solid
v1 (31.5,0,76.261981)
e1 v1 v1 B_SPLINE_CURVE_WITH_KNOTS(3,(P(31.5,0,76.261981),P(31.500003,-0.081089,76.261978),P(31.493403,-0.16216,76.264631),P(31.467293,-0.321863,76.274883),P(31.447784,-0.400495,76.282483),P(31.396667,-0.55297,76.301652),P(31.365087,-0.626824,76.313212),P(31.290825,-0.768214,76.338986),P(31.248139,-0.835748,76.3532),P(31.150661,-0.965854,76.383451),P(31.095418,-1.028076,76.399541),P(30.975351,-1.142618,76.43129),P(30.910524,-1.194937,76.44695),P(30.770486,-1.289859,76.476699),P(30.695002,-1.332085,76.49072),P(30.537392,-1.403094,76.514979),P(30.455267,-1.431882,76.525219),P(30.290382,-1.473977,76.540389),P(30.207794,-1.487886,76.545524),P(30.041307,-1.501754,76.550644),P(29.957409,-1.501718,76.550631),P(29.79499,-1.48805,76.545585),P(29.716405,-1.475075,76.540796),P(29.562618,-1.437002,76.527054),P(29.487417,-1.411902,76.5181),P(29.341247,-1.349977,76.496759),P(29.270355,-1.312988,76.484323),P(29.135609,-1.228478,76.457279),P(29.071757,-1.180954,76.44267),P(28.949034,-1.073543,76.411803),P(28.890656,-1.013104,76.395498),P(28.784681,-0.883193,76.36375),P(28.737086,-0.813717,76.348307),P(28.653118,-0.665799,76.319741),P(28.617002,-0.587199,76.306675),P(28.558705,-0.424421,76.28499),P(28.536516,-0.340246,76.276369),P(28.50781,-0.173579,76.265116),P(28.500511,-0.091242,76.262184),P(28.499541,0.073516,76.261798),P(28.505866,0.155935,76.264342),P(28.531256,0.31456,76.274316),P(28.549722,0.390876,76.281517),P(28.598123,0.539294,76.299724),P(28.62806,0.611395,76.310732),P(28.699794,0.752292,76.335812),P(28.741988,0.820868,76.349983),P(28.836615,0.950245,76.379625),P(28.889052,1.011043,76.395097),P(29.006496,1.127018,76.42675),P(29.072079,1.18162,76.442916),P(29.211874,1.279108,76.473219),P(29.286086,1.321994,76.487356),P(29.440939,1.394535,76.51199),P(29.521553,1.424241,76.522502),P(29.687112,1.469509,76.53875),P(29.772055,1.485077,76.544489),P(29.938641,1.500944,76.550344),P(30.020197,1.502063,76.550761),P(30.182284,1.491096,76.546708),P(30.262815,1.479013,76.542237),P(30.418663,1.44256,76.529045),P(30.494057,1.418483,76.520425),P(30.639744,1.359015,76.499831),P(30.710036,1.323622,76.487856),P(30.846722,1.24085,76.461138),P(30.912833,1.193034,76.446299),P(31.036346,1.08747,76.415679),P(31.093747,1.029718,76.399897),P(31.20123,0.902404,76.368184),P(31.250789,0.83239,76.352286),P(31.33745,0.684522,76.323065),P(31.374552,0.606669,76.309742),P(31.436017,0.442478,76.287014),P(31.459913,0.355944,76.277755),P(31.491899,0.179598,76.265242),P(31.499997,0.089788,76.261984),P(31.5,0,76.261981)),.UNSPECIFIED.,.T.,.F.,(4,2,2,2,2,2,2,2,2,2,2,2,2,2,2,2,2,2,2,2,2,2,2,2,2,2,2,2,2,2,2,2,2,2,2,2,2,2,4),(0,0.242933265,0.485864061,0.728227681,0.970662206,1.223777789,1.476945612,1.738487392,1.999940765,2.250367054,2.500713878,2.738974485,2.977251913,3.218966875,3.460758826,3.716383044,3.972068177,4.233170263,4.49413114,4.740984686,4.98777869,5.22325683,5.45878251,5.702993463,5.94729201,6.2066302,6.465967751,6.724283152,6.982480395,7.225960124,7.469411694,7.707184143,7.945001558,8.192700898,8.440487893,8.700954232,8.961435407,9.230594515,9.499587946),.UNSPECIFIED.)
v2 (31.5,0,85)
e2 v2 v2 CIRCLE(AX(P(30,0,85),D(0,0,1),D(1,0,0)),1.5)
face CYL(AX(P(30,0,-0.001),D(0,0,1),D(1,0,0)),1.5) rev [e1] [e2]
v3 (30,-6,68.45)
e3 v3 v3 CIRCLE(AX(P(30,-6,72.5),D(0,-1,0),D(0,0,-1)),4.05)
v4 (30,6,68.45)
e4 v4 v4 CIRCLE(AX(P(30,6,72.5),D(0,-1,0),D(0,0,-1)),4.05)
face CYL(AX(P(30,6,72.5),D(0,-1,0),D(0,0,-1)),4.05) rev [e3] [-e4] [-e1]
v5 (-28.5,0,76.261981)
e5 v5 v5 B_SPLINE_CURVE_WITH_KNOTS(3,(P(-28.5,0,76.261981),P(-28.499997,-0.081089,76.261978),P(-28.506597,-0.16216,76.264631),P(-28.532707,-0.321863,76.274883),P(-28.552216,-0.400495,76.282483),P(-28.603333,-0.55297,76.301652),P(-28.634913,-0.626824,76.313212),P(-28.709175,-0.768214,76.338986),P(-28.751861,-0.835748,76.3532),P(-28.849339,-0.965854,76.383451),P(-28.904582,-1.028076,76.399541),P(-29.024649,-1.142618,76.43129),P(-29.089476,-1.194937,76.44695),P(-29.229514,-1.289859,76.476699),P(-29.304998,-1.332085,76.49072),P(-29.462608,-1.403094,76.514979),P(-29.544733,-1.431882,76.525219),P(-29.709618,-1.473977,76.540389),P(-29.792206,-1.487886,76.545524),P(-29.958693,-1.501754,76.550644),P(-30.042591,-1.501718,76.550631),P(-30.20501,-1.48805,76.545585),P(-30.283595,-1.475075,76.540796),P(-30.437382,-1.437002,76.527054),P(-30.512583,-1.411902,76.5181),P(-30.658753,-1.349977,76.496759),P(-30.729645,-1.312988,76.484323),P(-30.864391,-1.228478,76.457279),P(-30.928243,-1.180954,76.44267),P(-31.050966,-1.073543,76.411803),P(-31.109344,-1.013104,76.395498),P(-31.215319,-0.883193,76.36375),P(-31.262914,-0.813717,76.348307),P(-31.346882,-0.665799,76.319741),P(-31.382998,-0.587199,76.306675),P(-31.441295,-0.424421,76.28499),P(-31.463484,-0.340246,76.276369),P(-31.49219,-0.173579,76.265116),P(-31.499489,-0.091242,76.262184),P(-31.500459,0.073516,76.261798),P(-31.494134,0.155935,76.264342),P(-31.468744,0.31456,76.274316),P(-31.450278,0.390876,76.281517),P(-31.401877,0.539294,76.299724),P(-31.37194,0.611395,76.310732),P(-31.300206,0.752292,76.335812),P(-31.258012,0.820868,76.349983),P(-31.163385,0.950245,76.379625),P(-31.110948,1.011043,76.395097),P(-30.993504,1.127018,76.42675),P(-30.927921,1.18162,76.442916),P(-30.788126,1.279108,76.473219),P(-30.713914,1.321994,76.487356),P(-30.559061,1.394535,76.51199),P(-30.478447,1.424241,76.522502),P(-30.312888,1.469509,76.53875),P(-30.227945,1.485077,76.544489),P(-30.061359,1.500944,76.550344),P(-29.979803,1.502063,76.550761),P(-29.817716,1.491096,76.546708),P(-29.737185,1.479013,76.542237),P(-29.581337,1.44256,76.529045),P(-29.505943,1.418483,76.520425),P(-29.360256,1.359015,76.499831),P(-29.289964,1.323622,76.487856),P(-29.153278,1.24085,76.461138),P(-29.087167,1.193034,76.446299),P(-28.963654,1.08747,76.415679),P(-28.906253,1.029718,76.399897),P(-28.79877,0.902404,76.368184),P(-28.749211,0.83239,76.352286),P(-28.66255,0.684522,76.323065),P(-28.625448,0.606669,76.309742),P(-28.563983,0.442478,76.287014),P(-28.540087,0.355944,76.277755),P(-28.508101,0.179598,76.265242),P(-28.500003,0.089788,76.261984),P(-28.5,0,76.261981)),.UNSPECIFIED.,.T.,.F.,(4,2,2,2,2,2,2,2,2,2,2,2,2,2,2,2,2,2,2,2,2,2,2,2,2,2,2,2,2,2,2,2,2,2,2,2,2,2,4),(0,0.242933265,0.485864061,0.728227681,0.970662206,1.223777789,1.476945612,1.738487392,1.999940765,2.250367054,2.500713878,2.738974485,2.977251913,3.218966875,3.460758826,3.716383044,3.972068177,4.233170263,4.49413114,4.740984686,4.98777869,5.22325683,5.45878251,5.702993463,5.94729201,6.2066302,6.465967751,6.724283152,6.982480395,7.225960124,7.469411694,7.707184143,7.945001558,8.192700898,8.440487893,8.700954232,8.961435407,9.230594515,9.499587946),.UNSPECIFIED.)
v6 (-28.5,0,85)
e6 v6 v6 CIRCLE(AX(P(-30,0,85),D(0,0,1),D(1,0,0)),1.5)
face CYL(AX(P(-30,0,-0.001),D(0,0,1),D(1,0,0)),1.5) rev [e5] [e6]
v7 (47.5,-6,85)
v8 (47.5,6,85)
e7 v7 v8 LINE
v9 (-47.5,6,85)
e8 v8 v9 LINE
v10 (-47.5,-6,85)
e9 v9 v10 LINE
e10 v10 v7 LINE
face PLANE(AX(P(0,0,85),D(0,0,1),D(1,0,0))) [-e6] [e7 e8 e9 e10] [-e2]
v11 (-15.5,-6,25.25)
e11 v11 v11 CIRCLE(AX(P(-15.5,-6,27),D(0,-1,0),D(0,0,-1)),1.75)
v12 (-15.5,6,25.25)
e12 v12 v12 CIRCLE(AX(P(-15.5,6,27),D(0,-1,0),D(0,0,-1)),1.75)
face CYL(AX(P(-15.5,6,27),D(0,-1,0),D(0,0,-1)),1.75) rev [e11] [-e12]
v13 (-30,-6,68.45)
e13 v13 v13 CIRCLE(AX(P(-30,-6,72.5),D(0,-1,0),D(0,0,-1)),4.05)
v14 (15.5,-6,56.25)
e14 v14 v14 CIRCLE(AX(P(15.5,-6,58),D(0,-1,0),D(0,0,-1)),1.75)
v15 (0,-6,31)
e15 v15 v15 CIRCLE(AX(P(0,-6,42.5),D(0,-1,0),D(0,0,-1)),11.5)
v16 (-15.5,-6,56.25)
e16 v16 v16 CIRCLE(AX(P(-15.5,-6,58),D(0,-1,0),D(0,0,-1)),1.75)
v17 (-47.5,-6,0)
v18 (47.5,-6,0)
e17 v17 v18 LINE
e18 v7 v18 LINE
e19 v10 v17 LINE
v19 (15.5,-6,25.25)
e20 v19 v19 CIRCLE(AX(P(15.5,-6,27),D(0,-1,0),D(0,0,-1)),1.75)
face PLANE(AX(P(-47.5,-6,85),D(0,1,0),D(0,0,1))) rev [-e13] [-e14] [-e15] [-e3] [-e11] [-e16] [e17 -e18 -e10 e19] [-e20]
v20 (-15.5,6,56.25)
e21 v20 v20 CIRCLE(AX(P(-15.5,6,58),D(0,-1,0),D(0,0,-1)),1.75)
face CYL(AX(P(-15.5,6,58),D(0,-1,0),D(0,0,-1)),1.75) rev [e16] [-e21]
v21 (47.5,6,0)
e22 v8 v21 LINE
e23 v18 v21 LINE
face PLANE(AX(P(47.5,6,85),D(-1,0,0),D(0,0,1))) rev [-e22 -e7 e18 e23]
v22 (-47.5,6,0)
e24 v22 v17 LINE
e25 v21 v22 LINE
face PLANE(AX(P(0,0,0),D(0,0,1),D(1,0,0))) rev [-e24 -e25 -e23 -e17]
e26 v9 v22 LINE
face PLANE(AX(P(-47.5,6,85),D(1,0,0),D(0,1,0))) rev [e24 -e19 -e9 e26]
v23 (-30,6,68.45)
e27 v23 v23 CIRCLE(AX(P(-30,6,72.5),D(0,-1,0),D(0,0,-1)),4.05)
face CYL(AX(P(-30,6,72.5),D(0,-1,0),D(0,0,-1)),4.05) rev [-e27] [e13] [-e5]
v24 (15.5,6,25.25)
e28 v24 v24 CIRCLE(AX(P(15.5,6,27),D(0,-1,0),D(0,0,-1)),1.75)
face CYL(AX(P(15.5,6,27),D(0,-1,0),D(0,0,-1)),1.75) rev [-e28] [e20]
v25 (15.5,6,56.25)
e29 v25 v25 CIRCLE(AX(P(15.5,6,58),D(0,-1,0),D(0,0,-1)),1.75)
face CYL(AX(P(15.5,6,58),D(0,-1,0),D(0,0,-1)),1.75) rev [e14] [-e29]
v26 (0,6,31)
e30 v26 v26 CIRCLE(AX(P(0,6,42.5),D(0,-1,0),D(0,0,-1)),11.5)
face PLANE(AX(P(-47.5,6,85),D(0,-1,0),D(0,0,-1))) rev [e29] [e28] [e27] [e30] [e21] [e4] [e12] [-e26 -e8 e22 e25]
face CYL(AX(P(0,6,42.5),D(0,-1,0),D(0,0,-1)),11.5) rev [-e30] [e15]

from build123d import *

# Parameters (mm, degrees)
SKETCH1_W           = 95
SKETCH1_H           = 12
BOSS_EXTRUDE1_DEPTH = 85
SKETCH2_R           = 4.05
SKETCH2_R_2         = 11.5
CUT_EXTRUDE1_DEPTH  = 13
CUT_EXTRUDE3_REACH  = 87
SKETCH4_R           = 1.5
SKETCH6_R           = 1.75
CUT_EXTRUDE4_DEPTH  = 13.0000001


with BuildPart() as part:
    # Sketch1 → Boss-Extrude1 (new body)
    with BuildSketch(Plane.XY):
        Rectangle(SKETCH1_W, SKETCH1_H)
    extrude(amount=BOSS_EXTRUDE1_DEPTH)

    # Sketch2 → Cut-Extrude1 (cut, through all)
    with BuildSketch(Plane.XZ.offset(6)):
        with Locations(Location((-30, 72.5, 0), (0, 0, 270))):  # turned: the seam where the file's is
            Circle(SKETCH2_R)
        with Locations(Location((30, 72.5, 0), (0, 0, 270))):  # turned: the seam where the file's is
            Circle(SKETCH2_R)
        with Locations(Location((0, 42.5, 0), (0, 0, 270))):  # turned: the seam where the file's is
            Circle(SKETCH2_R_2)
    extrude(amount=-CUT_EXTRUDE1_DEPTH, mode=Mode.SUBTRACT)

    # Sketch4 → Cut-Extrude3 (cut, up to next)
    with BuildSketch(Plane.XY.offset(85), mode=Mode.PRIVATE) as cut_extrude3_sk1:
        with Locations((30, 0)):
            Circle(SKETCH4_R)
    cut_extrude3_tool1 = extrude(cut_extrude3_sk1.sketch, amount=-CUT_EXTRUDE3_REACH, mode=Mode.PRIVATE) & part.part
    add(cut_extrude3_tool1.solids().sort_by_distance((30, 0, 85))[0], mode=Mode.SUBTRACT)
    # Sketch4 → Cut-Extrude3 (cut, up to next)
    with BuildSketch(Plane.XY.offset(85), mode=Mode.PRIVATE) as cut_extrude3_sk2:
        with Locations((-30, 0)):
            Circle(SKETCH4_R)
    cut_extrude3_tool2 = extrude(cut_extrude3_sk2.sketch, amount=-CUT_EXTRUDE3_REACH, mode=Mode.PRIVATE) & part.part
    add(cut_extrude3_tool2.solids().sort_by_distance((-30, 0, 85))[0], mode=Mode.SUBTRACT)

    # Sketch6 → Cut-Extrude4 (cut, through all)
    with BuildSketch(Plane.XZ.offset(6)):
        with Locations(Location((-15.5, 58, 0), (0, 0, 270))):  # turned: the seam where the file's is
            Circle(SKETCH6_R)
        with Locations(Location((-15.5, 27, 0), (0, 0, 270))):  # turned: the seam where the file's is
            Circle(SKETCH6_R)
        with Locations(Location((15.5, 58, 0), (0, 0, 270))):  # turned: the seam where the file's is
            Circle(SKETCH6_R)
        with Locations(Location((15.5, 27, 0), (0, 0, 270))):  # turned: the seam where the file's is
            Circle(SKETCH6_R)
    extrude(amount=-CUT_EXTRUDE4_DEPTH, mode=Mode.SUBTRACT)


solid = part.part
